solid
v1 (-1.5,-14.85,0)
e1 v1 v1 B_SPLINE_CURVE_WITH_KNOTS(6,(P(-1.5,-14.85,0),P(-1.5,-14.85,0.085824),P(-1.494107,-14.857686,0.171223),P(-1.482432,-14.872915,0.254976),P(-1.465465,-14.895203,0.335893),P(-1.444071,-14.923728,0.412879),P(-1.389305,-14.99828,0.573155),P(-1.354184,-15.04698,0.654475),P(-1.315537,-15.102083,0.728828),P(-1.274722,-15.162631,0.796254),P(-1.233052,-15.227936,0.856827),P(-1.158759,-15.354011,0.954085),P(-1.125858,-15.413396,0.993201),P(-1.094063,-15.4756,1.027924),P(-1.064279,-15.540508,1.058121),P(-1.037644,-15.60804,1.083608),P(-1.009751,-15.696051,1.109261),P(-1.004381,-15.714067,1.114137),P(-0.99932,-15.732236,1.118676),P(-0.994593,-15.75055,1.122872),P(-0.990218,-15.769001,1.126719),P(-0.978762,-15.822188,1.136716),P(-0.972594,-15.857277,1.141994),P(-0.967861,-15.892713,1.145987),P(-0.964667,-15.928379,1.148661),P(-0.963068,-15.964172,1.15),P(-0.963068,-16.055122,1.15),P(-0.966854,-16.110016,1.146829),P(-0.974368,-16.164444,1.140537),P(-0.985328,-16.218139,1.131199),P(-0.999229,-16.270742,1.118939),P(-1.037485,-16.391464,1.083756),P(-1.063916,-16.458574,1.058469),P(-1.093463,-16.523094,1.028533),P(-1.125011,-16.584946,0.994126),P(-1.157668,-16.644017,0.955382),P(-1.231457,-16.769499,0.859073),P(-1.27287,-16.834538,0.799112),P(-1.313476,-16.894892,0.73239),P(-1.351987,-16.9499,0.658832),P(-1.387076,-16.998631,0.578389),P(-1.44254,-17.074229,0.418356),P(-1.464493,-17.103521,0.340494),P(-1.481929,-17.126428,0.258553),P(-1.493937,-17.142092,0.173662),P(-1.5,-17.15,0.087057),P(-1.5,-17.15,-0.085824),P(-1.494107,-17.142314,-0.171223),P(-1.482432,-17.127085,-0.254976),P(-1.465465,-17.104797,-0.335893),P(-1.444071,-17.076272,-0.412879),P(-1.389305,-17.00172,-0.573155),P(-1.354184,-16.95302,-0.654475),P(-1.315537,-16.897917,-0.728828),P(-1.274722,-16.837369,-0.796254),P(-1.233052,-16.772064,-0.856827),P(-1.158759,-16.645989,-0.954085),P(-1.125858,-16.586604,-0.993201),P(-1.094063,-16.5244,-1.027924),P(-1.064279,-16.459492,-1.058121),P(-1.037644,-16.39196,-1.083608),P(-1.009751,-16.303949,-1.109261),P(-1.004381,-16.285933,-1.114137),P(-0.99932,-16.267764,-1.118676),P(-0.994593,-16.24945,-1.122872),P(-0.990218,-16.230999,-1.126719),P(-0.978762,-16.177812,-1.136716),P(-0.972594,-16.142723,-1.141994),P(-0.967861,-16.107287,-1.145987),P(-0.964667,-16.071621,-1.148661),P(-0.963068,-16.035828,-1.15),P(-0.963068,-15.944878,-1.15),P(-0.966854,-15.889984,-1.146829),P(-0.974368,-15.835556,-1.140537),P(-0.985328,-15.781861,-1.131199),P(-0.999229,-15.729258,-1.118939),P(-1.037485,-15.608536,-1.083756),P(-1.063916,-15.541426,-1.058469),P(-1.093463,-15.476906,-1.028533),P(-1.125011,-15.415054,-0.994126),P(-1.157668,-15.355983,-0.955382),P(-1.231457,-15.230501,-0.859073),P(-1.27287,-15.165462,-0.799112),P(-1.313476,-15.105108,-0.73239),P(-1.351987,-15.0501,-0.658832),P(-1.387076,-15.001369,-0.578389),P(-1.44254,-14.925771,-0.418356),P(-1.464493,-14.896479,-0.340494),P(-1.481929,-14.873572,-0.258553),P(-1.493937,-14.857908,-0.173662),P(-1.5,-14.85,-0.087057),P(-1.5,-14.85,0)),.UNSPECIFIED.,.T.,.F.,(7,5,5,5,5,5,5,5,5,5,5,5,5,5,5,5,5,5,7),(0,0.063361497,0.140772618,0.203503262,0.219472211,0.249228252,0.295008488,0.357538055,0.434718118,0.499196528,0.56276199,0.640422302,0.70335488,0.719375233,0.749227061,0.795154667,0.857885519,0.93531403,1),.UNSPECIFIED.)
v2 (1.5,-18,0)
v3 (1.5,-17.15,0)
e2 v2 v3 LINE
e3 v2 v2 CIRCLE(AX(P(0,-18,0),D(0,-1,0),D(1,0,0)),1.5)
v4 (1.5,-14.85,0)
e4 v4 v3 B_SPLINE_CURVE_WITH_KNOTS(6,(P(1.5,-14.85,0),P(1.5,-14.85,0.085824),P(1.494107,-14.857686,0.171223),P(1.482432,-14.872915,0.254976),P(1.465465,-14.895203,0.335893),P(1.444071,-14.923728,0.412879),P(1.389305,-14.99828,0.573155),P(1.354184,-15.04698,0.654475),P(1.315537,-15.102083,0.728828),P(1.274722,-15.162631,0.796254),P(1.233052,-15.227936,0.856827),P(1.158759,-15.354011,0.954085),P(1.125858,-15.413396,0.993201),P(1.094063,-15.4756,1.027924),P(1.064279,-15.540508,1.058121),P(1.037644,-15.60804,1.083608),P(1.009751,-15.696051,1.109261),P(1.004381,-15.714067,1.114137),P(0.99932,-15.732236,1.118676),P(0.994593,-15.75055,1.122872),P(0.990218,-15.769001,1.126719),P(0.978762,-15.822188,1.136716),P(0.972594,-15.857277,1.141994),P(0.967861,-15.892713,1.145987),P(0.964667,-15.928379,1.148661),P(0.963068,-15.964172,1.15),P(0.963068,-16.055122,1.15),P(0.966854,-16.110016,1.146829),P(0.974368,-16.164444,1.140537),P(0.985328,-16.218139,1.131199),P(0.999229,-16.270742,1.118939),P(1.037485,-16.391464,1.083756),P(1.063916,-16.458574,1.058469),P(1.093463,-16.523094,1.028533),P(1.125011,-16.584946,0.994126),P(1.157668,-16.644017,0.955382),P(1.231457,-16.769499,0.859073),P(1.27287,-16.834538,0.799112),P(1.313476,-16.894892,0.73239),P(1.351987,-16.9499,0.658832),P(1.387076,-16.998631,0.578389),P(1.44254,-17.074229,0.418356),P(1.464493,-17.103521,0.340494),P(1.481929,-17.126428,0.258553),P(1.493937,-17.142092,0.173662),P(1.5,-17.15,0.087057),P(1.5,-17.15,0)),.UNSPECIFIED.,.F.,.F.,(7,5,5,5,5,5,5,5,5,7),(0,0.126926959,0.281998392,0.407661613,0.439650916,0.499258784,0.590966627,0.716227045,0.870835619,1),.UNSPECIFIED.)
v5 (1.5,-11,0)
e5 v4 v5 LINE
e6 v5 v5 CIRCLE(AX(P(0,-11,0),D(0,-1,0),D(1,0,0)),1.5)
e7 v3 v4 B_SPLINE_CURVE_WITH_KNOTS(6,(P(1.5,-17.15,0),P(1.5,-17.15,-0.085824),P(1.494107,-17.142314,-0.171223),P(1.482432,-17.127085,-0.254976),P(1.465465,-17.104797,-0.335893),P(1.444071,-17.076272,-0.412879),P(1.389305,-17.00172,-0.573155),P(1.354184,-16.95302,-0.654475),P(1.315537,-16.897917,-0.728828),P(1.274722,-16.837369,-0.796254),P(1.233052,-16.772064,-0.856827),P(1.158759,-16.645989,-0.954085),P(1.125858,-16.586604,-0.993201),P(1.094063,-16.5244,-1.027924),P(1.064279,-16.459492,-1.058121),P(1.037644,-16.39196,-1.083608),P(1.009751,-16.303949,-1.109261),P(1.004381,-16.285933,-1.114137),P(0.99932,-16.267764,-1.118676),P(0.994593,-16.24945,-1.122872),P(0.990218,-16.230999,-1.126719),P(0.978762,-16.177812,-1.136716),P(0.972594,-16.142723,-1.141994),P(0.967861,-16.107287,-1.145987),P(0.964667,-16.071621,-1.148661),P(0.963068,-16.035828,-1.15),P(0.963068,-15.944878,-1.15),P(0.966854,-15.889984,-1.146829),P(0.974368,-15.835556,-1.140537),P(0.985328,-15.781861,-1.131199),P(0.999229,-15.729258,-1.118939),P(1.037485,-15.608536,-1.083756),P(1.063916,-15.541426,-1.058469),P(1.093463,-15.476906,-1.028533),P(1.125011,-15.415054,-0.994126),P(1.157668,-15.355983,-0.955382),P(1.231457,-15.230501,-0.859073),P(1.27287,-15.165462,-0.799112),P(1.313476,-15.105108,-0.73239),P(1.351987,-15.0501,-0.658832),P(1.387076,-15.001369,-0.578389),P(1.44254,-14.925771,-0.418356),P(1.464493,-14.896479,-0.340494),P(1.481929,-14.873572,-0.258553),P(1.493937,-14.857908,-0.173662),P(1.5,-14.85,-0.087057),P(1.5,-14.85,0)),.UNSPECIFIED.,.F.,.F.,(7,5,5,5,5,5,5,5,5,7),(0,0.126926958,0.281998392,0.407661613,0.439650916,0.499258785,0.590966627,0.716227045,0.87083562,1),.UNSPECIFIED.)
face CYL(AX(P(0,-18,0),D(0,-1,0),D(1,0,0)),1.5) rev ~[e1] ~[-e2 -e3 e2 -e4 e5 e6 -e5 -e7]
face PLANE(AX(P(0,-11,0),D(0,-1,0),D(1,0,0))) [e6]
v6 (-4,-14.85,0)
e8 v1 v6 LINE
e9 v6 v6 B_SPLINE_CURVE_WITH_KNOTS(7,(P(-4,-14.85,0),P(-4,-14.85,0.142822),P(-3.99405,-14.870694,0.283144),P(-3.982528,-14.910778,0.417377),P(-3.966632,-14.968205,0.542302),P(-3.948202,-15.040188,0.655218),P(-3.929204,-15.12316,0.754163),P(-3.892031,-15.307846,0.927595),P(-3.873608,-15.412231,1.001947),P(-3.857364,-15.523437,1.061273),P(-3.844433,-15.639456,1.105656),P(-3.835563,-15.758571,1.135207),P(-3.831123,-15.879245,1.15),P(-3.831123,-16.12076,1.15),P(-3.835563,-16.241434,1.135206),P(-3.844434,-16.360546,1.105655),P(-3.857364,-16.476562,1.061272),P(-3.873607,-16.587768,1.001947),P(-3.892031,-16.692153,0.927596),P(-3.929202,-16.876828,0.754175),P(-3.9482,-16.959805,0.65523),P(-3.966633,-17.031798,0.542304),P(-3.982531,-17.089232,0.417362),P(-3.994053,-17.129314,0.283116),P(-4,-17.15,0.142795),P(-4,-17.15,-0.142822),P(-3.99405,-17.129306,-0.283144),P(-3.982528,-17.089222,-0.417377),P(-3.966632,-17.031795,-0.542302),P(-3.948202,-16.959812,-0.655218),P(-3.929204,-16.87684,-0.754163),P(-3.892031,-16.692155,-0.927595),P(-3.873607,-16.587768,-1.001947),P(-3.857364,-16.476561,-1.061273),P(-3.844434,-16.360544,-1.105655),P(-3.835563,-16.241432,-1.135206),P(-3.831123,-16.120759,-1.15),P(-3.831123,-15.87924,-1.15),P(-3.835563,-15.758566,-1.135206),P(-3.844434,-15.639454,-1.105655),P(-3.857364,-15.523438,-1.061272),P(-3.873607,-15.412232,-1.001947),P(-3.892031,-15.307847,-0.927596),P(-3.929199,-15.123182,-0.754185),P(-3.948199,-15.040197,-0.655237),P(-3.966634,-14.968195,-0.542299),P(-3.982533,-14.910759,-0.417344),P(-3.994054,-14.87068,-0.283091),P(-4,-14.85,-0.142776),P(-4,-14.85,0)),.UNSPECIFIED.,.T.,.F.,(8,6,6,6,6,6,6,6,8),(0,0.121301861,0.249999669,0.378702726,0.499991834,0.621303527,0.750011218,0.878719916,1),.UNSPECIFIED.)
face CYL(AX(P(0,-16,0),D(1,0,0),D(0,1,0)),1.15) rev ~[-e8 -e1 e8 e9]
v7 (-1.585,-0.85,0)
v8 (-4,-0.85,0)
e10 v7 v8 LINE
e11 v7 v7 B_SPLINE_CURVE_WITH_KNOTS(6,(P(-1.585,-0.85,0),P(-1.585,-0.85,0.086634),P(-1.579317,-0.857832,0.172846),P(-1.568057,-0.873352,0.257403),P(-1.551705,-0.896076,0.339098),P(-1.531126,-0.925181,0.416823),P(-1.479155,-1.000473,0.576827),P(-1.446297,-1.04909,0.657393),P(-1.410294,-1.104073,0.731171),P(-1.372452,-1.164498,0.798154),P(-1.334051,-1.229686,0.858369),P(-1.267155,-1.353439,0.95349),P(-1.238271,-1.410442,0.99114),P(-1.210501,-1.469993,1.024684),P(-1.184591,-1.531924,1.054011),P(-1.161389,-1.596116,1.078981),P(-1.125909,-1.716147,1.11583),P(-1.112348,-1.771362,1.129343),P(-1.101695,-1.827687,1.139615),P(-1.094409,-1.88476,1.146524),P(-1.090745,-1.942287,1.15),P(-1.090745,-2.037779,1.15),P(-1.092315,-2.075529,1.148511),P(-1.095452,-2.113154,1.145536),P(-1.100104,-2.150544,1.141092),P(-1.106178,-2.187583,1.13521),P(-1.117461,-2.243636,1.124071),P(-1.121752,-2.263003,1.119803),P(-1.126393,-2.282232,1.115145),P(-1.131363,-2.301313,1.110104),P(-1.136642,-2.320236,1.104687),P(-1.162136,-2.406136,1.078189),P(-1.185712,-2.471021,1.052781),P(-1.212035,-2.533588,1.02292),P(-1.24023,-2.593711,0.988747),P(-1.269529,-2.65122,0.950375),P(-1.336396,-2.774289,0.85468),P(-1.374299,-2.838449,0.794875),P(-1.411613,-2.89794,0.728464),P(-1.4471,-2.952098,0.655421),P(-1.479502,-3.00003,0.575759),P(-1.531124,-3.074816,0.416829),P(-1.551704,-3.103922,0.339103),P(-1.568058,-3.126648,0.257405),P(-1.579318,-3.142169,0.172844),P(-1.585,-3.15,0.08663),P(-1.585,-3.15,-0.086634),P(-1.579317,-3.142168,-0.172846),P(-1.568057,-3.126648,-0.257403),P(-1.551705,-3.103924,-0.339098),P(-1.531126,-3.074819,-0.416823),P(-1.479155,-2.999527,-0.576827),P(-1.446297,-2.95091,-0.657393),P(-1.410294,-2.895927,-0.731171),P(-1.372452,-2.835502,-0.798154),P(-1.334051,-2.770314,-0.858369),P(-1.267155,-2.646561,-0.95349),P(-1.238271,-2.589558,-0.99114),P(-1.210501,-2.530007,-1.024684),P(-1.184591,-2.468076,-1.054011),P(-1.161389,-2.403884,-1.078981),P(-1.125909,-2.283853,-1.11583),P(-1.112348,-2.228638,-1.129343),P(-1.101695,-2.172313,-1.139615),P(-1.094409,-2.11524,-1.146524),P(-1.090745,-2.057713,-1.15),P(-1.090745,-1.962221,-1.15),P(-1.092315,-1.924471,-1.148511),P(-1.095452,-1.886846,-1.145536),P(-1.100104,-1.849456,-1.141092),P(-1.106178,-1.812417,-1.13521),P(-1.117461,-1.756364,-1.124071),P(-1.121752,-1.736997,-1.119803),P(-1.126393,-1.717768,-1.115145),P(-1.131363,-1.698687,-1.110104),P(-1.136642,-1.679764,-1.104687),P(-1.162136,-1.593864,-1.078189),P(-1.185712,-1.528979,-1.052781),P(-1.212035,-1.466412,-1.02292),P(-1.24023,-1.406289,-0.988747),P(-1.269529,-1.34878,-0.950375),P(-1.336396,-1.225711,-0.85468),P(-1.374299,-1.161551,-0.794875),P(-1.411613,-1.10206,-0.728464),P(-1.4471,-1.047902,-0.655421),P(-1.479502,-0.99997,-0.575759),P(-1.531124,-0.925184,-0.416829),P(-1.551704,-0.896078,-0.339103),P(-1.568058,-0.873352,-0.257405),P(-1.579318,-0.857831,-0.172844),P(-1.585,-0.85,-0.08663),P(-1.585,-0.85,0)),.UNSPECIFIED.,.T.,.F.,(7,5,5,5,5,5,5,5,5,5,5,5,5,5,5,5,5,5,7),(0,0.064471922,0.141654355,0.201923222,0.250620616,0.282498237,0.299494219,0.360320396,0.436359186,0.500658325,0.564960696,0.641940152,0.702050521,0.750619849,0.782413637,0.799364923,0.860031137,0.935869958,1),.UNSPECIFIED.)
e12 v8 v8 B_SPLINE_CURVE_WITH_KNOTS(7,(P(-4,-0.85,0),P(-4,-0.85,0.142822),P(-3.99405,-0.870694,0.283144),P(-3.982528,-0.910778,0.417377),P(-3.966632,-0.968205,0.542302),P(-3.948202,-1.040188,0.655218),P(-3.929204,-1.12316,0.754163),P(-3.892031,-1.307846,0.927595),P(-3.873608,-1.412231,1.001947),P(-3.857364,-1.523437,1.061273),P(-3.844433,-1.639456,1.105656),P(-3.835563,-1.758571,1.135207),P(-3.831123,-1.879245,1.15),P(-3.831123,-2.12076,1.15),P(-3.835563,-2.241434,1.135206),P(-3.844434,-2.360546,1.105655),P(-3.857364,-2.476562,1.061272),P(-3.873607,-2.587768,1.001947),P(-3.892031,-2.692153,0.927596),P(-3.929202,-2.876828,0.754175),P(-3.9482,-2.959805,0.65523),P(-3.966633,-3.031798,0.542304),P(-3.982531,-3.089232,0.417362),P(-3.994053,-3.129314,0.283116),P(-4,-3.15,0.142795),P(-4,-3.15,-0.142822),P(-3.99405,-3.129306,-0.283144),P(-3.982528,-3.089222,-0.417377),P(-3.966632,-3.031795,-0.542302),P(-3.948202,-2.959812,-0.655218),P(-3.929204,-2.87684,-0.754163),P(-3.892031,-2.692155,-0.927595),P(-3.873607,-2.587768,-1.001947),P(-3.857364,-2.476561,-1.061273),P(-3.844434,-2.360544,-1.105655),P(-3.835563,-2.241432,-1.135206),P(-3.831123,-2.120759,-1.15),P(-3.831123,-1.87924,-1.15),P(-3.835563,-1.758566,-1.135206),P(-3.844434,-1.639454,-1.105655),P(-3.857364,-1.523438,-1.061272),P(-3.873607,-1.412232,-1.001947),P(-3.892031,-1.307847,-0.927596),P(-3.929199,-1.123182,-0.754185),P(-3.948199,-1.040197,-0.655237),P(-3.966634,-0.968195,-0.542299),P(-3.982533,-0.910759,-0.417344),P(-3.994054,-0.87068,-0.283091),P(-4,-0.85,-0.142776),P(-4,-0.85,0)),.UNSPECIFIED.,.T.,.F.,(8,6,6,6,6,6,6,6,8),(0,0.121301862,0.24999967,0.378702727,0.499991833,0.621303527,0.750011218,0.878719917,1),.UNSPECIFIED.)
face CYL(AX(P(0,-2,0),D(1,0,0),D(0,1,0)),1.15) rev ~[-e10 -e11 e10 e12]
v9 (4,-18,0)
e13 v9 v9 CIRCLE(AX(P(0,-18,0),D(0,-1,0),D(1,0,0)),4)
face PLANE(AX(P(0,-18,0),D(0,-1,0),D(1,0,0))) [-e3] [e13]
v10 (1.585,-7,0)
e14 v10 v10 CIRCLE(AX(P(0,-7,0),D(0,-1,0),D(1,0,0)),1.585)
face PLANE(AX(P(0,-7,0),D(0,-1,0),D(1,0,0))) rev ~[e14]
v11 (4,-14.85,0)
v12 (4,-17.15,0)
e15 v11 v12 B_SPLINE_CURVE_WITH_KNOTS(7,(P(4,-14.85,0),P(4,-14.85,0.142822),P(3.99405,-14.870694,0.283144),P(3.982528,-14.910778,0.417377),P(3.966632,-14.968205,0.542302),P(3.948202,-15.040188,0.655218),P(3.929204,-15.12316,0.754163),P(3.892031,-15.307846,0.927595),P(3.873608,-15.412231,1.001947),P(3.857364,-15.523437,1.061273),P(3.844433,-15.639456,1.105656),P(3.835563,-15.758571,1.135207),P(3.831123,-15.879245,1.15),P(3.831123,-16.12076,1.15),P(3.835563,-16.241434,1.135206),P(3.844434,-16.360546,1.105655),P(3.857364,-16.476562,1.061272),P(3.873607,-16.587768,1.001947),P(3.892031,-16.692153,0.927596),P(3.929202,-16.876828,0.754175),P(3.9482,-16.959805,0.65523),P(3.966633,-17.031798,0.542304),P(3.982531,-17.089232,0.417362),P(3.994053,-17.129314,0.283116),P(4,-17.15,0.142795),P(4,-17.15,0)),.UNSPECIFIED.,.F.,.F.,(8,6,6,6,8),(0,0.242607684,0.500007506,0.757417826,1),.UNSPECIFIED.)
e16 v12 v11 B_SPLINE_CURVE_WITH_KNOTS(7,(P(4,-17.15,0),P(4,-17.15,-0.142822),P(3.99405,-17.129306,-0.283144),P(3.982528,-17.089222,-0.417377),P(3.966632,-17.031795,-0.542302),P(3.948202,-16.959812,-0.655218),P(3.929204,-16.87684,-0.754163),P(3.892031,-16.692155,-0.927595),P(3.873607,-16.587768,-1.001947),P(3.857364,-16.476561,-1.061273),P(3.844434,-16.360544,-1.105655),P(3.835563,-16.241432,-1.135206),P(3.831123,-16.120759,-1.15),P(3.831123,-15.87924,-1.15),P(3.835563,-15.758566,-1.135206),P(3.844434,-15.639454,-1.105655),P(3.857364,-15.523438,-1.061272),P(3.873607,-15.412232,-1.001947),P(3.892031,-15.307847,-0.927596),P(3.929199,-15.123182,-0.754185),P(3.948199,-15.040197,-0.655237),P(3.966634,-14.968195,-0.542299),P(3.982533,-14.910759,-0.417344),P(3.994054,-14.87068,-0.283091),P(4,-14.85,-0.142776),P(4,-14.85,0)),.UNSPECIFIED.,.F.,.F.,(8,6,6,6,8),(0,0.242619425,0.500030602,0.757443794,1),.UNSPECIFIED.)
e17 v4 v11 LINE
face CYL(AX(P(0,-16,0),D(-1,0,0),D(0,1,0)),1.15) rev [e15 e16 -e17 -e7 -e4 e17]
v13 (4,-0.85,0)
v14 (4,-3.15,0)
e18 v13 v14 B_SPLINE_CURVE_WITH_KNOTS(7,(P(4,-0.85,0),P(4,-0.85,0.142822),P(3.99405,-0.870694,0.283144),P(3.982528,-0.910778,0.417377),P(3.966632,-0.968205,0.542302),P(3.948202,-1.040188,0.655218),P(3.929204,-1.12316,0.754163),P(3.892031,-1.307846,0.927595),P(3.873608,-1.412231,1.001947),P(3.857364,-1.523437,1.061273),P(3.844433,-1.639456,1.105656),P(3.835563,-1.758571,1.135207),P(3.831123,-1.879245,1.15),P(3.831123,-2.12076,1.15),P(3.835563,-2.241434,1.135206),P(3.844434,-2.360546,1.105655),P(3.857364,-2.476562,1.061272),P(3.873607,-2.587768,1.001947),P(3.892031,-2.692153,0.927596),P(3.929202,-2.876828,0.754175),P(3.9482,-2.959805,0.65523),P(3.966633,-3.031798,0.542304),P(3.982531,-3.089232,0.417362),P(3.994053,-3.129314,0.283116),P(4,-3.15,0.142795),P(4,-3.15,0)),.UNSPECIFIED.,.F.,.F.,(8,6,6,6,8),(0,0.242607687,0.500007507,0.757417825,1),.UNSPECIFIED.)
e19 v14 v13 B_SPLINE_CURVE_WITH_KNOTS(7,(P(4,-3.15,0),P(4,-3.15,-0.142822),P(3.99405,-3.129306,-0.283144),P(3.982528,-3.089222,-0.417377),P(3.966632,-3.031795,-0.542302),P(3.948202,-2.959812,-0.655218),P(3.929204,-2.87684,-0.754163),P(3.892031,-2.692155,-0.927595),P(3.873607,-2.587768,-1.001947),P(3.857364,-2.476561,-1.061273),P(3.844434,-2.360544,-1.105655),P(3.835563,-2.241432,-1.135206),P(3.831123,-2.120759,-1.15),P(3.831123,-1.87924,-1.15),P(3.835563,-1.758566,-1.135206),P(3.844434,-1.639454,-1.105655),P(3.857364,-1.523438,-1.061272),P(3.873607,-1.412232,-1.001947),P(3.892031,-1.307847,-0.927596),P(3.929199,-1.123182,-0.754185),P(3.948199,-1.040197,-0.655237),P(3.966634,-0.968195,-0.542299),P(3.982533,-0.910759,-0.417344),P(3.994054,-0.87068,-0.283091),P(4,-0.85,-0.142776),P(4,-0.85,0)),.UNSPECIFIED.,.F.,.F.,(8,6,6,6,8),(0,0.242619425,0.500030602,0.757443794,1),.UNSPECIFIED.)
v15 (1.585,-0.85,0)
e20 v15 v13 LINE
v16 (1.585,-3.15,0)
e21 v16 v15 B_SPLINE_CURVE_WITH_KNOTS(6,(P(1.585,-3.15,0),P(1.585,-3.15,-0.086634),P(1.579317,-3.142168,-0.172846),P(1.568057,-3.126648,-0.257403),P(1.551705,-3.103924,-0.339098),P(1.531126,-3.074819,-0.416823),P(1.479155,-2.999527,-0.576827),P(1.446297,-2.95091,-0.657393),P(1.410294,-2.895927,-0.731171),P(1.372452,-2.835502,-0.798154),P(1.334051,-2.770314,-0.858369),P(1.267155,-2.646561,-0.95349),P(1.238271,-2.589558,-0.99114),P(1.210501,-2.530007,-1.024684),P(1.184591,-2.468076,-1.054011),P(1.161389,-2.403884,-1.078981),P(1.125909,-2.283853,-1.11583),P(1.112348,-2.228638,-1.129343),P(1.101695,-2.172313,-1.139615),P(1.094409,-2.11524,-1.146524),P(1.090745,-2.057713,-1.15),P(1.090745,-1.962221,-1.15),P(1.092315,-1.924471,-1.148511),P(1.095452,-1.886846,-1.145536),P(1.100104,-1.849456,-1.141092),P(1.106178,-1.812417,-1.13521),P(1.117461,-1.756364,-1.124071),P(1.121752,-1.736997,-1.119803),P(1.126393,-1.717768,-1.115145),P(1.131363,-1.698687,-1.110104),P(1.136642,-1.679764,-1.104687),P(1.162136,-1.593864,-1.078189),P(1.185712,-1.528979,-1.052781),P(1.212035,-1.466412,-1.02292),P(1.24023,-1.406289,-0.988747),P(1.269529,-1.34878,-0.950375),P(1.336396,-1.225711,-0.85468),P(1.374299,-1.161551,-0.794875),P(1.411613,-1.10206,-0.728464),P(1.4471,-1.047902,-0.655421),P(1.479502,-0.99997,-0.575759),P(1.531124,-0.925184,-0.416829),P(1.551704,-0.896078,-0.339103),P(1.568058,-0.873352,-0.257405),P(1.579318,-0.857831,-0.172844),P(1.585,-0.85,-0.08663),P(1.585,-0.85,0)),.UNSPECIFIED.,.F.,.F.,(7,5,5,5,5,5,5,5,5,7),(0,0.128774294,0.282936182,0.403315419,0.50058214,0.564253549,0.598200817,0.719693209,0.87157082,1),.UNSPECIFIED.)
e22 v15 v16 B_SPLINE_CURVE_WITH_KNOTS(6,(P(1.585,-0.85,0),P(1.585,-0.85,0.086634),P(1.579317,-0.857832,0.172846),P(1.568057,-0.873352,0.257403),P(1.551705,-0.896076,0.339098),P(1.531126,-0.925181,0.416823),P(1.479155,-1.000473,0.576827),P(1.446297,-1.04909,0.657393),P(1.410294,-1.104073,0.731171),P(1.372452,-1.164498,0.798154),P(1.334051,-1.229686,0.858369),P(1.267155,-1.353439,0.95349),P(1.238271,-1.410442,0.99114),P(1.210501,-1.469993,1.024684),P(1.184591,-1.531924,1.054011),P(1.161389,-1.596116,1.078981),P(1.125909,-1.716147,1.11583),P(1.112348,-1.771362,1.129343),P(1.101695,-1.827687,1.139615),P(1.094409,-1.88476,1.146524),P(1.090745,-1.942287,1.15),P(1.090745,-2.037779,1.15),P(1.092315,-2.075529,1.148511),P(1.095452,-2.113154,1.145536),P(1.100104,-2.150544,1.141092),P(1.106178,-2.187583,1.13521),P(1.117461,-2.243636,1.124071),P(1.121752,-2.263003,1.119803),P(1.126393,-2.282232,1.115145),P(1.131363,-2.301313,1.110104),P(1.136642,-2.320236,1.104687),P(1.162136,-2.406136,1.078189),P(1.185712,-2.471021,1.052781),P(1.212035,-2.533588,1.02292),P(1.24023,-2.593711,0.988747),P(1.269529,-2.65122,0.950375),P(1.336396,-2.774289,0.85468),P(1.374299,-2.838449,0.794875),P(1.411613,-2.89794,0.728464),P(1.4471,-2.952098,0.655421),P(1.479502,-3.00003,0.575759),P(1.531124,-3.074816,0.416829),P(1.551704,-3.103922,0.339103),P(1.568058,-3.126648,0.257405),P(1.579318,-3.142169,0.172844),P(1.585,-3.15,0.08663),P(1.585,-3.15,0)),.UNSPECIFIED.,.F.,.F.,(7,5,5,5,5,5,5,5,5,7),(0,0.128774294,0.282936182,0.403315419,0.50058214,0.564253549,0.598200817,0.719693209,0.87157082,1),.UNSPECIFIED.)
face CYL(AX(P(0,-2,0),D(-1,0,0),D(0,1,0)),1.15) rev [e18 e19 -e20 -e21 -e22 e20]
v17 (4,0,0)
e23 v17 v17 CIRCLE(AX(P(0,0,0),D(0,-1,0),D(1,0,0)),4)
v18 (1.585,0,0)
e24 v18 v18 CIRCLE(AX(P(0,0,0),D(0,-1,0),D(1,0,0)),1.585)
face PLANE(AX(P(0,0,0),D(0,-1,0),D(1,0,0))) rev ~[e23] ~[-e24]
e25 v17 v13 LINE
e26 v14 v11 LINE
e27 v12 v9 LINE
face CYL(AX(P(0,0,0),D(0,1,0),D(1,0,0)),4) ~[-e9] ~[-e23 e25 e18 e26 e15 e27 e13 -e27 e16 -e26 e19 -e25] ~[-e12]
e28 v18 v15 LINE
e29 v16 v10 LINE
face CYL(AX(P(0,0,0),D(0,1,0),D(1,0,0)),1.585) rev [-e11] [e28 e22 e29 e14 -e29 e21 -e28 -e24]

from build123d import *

# Parameters (mm, degrees)
F0_R          = 4
F1_DEPTH      = 18
F2_R          = 1.15
F3_DEPTH      = 4.001
F3_DEPTH_BACK = 4.001
F4_R          = 1.585
F5_DEPTH      = 7
F7_R          = 1.5
F8_DEPTH      = 7


with BuildPart() as f1:
    # F0 (on Front) → F1 (new body)
    with BuildSketch(Plane.XZ):
        Circle(F0_R)
    extrude(amount=F1_DEPTH)

    # F2 (on Right) → F3 (cut, two sides)
    with BuildSketch(Plane.YZ) as f3_sk:
        with Locations((-16, 0)):
            Circle(F2_R)
        with Locations((-2, 0)):
            Circle(F2_R)
    extrude(amount=-F3_DEPTH, mode=Mode.SUBTRACT)
    extrude(f3_sk.sketch, amount=F3_DEPTH_BACK, mode=Mode.SUBTRACT)

    # F4 (on Front) → F5 (cut)
    with BuildSketch(Plane.XZ):
        Circle(F4_R)
    extrude(amount=F5_DEPTH, mode=Mode.SUBTRACT)

    # F7 (on offset) → F8 (cut)
    with BuildSketch(Plane.XZ.offset(18)):
        Circle(F7_R)
    extrude(amount=-F8_DEPTH, mode=Mode.SUBTRACT)


solid = f1.part
